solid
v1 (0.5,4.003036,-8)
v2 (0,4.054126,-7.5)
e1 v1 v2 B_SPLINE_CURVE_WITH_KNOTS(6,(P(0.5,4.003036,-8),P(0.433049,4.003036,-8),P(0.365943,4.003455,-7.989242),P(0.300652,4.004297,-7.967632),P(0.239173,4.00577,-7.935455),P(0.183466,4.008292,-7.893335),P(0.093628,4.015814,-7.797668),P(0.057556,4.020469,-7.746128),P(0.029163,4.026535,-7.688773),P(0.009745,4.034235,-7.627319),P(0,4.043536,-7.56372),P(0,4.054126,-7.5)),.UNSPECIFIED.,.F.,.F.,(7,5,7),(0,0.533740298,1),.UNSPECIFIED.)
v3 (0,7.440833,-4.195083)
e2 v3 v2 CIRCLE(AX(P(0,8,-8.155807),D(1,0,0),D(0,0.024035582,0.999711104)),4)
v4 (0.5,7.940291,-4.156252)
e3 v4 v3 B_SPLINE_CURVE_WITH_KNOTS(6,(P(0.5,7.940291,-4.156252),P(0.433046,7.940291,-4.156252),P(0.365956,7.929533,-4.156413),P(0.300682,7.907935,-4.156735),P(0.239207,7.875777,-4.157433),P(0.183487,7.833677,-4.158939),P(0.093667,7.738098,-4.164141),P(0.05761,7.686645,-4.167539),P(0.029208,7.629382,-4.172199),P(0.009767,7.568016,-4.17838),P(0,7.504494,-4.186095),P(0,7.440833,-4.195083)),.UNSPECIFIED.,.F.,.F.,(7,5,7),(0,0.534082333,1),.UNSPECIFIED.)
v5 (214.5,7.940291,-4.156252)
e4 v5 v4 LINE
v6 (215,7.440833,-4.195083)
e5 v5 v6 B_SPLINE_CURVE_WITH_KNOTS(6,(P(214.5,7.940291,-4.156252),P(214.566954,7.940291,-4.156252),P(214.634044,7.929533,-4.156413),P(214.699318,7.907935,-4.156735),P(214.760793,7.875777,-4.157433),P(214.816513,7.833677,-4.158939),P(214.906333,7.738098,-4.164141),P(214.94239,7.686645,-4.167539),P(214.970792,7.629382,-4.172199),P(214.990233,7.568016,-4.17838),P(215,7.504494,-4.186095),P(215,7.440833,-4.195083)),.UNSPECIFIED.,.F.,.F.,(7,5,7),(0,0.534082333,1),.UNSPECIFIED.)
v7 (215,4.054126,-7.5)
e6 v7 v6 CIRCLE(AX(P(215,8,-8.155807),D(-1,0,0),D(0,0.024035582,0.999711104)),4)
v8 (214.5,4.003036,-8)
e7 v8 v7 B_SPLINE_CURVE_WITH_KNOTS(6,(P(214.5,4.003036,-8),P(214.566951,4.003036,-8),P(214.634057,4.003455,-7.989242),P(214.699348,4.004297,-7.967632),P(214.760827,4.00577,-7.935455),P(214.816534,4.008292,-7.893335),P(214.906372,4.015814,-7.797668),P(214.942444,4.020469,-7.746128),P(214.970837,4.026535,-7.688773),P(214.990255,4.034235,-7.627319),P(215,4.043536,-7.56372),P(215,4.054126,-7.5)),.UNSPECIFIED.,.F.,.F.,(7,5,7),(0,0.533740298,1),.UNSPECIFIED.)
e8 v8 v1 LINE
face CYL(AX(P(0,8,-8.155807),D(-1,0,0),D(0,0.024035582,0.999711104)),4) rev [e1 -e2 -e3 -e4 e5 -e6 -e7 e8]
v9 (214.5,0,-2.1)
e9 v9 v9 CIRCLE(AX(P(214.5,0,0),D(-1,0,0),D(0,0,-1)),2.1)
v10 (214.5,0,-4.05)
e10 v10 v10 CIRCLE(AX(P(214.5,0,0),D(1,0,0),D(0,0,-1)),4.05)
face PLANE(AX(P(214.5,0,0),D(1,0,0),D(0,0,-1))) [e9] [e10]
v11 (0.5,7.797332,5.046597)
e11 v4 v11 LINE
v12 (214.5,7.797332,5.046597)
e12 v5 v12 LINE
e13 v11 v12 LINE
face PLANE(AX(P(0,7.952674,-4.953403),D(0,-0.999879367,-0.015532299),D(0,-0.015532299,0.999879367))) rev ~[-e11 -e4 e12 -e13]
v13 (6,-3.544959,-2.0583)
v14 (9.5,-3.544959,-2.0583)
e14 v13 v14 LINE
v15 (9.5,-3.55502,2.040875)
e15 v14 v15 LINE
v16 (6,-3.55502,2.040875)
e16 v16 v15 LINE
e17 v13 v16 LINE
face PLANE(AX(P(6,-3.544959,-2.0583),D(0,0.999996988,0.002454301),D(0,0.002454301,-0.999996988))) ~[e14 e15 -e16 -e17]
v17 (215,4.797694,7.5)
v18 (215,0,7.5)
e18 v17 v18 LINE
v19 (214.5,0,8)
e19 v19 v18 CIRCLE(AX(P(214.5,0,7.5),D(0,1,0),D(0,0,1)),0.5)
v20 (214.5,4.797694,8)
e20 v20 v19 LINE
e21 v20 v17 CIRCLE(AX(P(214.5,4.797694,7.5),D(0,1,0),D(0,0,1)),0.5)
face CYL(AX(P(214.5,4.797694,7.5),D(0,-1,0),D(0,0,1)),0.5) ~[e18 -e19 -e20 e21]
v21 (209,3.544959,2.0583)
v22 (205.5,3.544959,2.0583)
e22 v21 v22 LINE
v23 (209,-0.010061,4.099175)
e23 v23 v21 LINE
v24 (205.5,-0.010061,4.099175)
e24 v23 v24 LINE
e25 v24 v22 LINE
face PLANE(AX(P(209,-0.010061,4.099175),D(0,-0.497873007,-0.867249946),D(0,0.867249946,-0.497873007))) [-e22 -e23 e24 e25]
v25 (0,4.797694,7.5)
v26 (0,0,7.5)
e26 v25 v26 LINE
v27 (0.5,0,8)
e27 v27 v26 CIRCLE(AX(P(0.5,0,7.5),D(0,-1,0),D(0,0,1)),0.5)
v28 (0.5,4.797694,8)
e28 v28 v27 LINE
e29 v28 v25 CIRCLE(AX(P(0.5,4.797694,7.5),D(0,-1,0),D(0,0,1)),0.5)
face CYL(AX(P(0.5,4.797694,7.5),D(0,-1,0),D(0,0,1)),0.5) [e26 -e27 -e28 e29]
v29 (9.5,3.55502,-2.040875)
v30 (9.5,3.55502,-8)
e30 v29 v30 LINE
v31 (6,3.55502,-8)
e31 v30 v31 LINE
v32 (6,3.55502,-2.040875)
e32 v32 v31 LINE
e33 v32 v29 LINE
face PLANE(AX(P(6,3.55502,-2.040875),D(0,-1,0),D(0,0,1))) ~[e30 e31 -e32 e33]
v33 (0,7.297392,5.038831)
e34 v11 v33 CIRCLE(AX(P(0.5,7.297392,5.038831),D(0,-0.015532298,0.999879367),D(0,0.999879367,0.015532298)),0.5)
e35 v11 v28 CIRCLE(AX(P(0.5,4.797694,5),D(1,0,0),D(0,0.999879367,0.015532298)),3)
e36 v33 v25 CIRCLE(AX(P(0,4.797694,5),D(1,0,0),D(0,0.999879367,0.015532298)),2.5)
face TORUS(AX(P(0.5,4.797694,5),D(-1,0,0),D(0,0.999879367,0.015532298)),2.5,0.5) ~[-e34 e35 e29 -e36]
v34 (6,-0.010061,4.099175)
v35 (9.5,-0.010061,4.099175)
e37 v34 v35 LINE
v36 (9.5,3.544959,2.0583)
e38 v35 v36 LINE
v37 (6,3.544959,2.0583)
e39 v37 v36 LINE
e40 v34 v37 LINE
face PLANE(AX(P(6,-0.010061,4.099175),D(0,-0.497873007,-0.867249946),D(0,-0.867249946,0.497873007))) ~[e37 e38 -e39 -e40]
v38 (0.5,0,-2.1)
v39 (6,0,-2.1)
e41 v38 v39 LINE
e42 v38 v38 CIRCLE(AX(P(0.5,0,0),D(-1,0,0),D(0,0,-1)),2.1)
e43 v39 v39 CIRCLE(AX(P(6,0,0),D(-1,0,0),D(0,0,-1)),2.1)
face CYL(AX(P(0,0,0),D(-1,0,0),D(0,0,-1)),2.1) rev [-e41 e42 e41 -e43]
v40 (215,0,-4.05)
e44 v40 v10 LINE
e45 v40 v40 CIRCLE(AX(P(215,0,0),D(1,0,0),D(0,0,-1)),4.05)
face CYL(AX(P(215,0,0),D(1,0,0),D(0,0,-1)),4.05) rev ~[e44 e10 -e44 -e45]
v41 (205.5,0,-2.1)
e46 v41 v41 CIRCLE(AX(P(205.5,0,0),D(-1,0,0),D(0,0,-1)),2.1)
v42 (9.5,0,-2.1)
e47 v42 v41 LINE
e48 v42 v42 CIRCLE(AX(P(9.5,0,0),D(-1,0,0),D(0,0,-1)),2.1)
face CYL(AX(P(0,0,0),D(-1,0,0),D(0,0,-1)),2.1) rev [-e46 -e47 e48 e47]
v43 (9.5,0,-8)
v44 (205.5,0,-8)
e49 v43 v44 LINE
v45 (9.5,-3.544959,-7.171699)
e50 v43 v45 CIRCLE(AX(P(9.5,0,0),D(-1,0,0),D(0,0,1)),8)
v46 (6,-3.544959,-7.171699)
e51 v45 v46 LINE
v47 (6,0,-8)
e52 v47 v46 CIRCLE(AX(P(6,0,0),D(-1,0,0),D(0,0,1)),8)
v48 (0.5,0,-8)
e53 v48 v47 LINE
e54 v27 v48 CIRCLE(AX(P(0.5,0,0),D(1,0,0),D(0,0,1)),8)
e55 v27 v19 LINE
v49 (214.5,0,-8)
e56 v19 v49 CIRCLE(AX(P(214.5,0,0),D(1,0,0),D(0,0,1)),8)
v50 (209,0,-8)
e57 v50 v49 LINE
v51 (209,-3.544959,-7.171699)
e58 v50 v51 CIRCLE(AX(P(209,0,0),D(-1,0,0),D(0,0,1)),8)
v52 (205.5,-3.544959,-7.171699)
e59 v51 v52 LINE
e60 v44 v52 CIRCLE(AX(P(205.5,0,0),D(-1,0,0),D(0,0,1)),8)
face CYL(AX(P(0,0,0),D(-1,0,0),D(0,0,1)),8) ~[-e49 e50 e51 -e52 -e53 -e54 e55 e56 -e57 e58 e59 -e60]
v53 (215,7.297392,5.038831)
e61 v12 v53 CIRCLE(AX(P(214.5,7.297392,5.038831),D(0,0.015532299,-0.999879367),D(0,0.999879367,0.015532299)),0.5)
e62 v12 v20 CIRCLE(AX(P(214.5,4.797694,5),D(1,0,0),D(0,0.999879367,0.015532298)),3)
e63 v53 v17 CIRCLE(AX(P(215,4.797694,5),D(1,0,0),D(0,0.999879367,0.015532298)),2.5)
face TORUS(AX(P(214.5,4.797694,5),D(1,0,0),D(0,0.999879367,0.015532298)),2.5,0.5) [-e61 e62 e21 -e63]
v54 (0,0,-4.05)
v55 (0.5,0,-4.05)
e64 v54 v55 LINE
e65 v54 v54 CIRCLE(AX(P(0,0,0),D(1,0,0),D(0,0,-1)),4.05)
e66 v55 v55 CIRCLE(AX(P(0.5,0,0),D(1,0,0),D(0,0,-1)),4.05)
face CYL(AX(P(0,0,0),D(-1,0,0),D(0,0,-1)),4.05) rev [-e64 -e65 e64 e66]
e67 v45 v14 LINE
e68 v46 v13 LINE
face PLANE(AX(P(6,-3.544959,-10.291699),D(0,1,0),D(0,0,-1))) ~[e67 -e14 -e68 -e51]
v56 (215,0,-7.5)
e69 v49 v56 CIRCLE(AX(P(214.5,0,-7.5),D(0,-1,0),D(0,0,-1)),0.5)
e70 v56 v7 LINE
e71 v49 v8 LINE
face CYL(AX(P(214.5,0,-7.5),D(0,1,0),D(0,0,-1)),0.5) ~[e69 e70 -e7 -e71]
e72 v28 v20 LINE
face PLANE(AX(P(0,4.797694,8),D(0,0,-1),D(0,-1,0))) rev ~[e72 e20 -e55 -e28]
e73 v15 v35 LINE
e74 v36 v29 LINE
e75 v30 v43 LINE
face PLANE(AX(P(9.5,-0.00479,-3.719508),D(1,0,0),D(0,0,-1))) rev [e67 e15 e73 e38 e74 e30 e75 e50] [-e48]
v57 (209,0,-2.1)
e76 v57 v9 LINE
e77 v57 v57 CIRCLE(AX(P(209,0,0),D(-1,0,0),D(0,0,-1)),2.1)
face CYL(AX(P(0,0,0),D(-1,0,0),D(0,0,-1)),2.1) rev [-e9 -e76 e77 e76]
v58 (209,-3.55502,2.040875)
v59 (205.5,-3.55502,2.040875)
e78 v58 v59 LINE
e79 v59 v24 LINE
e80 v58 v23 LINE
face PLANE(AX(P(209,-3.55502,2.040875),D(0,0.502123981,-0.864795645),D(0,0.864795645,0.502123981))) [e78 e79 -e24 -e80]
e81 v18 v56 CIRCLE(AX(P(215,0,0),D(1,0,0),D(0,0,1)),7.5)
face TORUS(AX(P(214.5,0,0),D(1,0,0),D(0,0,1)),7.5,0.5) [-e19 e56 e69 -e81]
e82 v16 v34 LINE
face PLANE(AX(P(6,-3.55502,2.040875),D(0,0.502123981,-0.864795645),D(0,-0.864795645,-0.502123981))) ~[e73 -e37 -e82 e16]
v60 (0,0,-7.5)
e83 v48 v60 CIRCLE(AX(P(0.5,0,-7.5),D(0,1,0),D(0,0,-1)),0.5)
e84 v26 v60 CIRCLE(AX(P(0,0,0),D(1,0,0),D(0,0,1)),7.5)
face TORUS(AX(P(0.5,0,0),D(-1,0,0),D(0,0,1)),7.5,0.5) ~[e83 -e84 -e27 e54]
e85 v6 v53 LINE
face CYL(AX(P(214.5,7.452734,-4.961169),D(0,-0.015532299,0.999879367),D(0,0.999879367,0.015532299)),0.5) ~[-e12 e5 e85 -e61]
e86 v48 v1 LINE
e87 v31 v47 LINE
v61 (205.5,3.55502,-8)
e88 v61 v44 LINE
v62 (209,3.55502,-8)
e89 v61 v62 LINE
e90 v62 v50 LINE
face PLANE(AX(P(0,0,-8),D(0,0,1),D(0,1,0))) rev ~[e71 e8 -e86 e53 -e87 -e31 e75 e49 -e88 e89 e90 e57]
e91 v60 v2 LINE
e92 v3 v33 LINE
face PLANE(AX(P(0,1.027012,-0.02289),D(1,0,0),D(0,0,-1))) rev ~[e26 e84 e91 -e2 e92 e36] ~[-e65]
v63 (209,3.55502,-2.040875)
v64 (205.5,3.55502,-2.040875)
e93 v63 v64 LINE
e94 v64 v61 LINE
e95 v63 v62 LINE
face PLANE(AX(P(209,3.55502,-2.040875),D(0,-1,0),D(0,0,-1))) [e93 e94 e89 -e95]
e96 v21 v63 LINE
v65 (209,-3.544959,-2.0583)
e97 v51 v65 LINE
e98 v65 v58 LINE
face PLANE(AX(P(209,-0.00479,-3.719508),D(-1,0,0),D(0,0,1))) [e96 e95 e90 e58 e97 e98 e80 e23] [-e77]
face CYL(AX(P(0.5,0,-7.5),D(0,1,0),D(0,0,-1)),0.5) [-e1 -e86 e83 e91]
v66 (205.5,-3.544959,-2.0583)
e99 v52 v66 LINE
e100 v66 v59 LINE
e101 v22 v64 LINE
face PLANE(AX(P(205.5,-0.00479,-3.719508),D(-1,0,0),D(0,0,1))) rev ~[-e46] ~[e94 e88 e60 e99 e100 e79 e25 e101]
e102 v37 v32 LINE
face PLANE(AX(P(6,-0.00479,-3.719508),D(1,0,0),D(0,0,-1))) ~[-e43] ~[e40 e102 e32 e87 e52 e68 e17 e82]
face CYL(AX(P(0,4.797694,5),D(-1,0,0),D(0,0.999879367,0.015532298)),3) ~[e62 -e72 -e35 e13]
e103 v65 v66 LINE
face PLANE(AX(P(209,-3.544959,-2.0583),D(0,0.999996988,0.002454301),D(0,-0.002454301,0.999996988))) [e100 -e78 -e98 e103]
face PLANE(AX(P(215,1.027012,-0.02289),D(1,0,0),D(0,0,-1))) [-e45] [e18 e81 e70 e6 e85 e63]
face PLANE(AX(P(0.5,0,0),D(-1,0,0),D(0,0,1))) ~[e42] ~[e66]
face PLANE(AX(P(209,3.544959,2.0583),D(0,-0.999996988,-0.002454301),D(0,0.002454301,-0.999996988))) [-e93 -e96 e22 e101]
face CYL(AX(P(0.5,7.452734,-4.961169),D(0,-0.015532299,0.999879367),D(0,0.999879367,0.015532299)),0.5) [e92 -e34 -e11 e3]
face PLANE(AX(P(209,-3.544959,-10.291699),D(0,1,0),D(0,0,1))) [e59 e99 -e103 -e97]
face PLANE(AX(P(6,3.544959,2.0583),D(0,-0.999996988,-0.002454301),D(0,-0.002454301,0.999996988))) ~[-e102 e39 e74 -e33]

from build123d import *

# Parameters (mm, degrees)
SKETCH1_R           = 2.1
BOSS_EXTRUDE1_DEPTH = 215
FILLET1_R           = 0.5
CUT_EXTRUDE6_DEPTH  = 3.5
SKETCH11_R          = 4.05
CUT_EXTRUDE7_DEPTH  = 0.5
CUT_EXTRUDE8_DEPTH  = 216.297468637


with BuildPart() as part:
    # Sketch1 → Boss-Extrude1 (new body)
    with BuildSketch(Plane(origin=(0, 0, 0), x_dir=(0, 0, -1), z_dir=(1, 0, 0))):
        with BuildLine():
            ThreePointArc((-8, 0), (0, -8), (8, 0))
            Line((8, 0), (8, 4.953035538))
            ThreePointArc((8, 4.953035538), (7.10478138, 7.090766893), (4.953403104, 7.952673638))
            Line((4.953403104, 7.952673638), (-5.046596896, 7.797331911))
            ThreePointArc((-5.046596896, 7.797331911), (-7.137731355, 6.902475191), (-8, 4.797693812))
            Line((-8, 4.797693812), (-8, 0))
        make_face()
        Circle(SKETCH1_R, mode=Mode.SUBTRACT)
    extrude(amount=BOSS_EXTRUDE1_DEPTH)

    # Fillet1
    fillet1_edges = [part.edges().sort_by_distance(p)[0] for p in [
        (215, 6.902475191, 7.137731355),
        (215, 7.875002775, 0.046596896),
        (215, 7.090766893, -7.10478138),
        (215, 2.476517769, -8),
        (215, -8, 0),
        (0, 7.090766893, -7.10478138),
        (0, 2.476517769, -8),
        (0, -8, 0),
        (0, 2.398846906, 8),
        (0, 6.902475191, 7.137731355),
        (215, 2.398846906, 8),
        (0, 7.875002775, 0.046596896),
    ]]
    fillet(fillet1_edges, radius=FILLET1_R)

    # Sketch8 → Cut-Extrude6 (cut)
    with BuildSketch(Plane(origin=(209, 0, 0), x_dir=(0, 0, -1), z_dir=(1, 0, 0))):
        Polygon((2.040874515, 3.555019627), (10.204569272, 3.555019627), (10.291698633, -3.544958989), (2.058300051, -3.544958989), (-2.040874515, -3.555019627), (-4.099174565, -0.010060638), (-2.058300051, 3.544958989), align=None)
    cut_extrude6 = extrude(amount=-CUT_EXTRUDE6_DEPTH, mode=Mode.SUBTRACT)

    # Sketch11 → Cut-Extrude7 (cut)
    with BuildSketch(Plane(origin=(215, 0, 0), x_dir=(0, 0, -1), z_dir=(1, 0, 0))):
        Circle(SKETCH11_R)
    cut_extrude7 = extrude(amount=-CUT_EXTRUDE7_DEPTH, mode=Mode.SUBTRACT)

    # Mirror1: Cut-Extrude6, Cut-Extrude7 across plane
    add(cut_extrude6.mirror(Plane.ZY.offset(-107.5)), mode=Mode.SUBTRACT)
    add(cut_extrude7.mirror(Plane.ZY.offset(-107.5)), mode=Mode.SUBTRACT)

    # Sketch13 → Cut-Extrude8 (cut, through all)
    with BuildSketch(Plane.ZY):
        with BuildLine():
            Line((-8.155806574, 4), (-8.155806574, 8.298439356))
            Line((-8.155806574, 8.298439356), (-4.156962159, 8.096142326))
            ThreePointArc((-4.156962159, 8.096142326), (-5.293589836, 5.205771064), (-8.155806574, 4))
        make_face()
    extrude(amount=-CUT_EXTRUDE8_DEPTH, mode=Mode.SUBTRACT)


solid = part.part
